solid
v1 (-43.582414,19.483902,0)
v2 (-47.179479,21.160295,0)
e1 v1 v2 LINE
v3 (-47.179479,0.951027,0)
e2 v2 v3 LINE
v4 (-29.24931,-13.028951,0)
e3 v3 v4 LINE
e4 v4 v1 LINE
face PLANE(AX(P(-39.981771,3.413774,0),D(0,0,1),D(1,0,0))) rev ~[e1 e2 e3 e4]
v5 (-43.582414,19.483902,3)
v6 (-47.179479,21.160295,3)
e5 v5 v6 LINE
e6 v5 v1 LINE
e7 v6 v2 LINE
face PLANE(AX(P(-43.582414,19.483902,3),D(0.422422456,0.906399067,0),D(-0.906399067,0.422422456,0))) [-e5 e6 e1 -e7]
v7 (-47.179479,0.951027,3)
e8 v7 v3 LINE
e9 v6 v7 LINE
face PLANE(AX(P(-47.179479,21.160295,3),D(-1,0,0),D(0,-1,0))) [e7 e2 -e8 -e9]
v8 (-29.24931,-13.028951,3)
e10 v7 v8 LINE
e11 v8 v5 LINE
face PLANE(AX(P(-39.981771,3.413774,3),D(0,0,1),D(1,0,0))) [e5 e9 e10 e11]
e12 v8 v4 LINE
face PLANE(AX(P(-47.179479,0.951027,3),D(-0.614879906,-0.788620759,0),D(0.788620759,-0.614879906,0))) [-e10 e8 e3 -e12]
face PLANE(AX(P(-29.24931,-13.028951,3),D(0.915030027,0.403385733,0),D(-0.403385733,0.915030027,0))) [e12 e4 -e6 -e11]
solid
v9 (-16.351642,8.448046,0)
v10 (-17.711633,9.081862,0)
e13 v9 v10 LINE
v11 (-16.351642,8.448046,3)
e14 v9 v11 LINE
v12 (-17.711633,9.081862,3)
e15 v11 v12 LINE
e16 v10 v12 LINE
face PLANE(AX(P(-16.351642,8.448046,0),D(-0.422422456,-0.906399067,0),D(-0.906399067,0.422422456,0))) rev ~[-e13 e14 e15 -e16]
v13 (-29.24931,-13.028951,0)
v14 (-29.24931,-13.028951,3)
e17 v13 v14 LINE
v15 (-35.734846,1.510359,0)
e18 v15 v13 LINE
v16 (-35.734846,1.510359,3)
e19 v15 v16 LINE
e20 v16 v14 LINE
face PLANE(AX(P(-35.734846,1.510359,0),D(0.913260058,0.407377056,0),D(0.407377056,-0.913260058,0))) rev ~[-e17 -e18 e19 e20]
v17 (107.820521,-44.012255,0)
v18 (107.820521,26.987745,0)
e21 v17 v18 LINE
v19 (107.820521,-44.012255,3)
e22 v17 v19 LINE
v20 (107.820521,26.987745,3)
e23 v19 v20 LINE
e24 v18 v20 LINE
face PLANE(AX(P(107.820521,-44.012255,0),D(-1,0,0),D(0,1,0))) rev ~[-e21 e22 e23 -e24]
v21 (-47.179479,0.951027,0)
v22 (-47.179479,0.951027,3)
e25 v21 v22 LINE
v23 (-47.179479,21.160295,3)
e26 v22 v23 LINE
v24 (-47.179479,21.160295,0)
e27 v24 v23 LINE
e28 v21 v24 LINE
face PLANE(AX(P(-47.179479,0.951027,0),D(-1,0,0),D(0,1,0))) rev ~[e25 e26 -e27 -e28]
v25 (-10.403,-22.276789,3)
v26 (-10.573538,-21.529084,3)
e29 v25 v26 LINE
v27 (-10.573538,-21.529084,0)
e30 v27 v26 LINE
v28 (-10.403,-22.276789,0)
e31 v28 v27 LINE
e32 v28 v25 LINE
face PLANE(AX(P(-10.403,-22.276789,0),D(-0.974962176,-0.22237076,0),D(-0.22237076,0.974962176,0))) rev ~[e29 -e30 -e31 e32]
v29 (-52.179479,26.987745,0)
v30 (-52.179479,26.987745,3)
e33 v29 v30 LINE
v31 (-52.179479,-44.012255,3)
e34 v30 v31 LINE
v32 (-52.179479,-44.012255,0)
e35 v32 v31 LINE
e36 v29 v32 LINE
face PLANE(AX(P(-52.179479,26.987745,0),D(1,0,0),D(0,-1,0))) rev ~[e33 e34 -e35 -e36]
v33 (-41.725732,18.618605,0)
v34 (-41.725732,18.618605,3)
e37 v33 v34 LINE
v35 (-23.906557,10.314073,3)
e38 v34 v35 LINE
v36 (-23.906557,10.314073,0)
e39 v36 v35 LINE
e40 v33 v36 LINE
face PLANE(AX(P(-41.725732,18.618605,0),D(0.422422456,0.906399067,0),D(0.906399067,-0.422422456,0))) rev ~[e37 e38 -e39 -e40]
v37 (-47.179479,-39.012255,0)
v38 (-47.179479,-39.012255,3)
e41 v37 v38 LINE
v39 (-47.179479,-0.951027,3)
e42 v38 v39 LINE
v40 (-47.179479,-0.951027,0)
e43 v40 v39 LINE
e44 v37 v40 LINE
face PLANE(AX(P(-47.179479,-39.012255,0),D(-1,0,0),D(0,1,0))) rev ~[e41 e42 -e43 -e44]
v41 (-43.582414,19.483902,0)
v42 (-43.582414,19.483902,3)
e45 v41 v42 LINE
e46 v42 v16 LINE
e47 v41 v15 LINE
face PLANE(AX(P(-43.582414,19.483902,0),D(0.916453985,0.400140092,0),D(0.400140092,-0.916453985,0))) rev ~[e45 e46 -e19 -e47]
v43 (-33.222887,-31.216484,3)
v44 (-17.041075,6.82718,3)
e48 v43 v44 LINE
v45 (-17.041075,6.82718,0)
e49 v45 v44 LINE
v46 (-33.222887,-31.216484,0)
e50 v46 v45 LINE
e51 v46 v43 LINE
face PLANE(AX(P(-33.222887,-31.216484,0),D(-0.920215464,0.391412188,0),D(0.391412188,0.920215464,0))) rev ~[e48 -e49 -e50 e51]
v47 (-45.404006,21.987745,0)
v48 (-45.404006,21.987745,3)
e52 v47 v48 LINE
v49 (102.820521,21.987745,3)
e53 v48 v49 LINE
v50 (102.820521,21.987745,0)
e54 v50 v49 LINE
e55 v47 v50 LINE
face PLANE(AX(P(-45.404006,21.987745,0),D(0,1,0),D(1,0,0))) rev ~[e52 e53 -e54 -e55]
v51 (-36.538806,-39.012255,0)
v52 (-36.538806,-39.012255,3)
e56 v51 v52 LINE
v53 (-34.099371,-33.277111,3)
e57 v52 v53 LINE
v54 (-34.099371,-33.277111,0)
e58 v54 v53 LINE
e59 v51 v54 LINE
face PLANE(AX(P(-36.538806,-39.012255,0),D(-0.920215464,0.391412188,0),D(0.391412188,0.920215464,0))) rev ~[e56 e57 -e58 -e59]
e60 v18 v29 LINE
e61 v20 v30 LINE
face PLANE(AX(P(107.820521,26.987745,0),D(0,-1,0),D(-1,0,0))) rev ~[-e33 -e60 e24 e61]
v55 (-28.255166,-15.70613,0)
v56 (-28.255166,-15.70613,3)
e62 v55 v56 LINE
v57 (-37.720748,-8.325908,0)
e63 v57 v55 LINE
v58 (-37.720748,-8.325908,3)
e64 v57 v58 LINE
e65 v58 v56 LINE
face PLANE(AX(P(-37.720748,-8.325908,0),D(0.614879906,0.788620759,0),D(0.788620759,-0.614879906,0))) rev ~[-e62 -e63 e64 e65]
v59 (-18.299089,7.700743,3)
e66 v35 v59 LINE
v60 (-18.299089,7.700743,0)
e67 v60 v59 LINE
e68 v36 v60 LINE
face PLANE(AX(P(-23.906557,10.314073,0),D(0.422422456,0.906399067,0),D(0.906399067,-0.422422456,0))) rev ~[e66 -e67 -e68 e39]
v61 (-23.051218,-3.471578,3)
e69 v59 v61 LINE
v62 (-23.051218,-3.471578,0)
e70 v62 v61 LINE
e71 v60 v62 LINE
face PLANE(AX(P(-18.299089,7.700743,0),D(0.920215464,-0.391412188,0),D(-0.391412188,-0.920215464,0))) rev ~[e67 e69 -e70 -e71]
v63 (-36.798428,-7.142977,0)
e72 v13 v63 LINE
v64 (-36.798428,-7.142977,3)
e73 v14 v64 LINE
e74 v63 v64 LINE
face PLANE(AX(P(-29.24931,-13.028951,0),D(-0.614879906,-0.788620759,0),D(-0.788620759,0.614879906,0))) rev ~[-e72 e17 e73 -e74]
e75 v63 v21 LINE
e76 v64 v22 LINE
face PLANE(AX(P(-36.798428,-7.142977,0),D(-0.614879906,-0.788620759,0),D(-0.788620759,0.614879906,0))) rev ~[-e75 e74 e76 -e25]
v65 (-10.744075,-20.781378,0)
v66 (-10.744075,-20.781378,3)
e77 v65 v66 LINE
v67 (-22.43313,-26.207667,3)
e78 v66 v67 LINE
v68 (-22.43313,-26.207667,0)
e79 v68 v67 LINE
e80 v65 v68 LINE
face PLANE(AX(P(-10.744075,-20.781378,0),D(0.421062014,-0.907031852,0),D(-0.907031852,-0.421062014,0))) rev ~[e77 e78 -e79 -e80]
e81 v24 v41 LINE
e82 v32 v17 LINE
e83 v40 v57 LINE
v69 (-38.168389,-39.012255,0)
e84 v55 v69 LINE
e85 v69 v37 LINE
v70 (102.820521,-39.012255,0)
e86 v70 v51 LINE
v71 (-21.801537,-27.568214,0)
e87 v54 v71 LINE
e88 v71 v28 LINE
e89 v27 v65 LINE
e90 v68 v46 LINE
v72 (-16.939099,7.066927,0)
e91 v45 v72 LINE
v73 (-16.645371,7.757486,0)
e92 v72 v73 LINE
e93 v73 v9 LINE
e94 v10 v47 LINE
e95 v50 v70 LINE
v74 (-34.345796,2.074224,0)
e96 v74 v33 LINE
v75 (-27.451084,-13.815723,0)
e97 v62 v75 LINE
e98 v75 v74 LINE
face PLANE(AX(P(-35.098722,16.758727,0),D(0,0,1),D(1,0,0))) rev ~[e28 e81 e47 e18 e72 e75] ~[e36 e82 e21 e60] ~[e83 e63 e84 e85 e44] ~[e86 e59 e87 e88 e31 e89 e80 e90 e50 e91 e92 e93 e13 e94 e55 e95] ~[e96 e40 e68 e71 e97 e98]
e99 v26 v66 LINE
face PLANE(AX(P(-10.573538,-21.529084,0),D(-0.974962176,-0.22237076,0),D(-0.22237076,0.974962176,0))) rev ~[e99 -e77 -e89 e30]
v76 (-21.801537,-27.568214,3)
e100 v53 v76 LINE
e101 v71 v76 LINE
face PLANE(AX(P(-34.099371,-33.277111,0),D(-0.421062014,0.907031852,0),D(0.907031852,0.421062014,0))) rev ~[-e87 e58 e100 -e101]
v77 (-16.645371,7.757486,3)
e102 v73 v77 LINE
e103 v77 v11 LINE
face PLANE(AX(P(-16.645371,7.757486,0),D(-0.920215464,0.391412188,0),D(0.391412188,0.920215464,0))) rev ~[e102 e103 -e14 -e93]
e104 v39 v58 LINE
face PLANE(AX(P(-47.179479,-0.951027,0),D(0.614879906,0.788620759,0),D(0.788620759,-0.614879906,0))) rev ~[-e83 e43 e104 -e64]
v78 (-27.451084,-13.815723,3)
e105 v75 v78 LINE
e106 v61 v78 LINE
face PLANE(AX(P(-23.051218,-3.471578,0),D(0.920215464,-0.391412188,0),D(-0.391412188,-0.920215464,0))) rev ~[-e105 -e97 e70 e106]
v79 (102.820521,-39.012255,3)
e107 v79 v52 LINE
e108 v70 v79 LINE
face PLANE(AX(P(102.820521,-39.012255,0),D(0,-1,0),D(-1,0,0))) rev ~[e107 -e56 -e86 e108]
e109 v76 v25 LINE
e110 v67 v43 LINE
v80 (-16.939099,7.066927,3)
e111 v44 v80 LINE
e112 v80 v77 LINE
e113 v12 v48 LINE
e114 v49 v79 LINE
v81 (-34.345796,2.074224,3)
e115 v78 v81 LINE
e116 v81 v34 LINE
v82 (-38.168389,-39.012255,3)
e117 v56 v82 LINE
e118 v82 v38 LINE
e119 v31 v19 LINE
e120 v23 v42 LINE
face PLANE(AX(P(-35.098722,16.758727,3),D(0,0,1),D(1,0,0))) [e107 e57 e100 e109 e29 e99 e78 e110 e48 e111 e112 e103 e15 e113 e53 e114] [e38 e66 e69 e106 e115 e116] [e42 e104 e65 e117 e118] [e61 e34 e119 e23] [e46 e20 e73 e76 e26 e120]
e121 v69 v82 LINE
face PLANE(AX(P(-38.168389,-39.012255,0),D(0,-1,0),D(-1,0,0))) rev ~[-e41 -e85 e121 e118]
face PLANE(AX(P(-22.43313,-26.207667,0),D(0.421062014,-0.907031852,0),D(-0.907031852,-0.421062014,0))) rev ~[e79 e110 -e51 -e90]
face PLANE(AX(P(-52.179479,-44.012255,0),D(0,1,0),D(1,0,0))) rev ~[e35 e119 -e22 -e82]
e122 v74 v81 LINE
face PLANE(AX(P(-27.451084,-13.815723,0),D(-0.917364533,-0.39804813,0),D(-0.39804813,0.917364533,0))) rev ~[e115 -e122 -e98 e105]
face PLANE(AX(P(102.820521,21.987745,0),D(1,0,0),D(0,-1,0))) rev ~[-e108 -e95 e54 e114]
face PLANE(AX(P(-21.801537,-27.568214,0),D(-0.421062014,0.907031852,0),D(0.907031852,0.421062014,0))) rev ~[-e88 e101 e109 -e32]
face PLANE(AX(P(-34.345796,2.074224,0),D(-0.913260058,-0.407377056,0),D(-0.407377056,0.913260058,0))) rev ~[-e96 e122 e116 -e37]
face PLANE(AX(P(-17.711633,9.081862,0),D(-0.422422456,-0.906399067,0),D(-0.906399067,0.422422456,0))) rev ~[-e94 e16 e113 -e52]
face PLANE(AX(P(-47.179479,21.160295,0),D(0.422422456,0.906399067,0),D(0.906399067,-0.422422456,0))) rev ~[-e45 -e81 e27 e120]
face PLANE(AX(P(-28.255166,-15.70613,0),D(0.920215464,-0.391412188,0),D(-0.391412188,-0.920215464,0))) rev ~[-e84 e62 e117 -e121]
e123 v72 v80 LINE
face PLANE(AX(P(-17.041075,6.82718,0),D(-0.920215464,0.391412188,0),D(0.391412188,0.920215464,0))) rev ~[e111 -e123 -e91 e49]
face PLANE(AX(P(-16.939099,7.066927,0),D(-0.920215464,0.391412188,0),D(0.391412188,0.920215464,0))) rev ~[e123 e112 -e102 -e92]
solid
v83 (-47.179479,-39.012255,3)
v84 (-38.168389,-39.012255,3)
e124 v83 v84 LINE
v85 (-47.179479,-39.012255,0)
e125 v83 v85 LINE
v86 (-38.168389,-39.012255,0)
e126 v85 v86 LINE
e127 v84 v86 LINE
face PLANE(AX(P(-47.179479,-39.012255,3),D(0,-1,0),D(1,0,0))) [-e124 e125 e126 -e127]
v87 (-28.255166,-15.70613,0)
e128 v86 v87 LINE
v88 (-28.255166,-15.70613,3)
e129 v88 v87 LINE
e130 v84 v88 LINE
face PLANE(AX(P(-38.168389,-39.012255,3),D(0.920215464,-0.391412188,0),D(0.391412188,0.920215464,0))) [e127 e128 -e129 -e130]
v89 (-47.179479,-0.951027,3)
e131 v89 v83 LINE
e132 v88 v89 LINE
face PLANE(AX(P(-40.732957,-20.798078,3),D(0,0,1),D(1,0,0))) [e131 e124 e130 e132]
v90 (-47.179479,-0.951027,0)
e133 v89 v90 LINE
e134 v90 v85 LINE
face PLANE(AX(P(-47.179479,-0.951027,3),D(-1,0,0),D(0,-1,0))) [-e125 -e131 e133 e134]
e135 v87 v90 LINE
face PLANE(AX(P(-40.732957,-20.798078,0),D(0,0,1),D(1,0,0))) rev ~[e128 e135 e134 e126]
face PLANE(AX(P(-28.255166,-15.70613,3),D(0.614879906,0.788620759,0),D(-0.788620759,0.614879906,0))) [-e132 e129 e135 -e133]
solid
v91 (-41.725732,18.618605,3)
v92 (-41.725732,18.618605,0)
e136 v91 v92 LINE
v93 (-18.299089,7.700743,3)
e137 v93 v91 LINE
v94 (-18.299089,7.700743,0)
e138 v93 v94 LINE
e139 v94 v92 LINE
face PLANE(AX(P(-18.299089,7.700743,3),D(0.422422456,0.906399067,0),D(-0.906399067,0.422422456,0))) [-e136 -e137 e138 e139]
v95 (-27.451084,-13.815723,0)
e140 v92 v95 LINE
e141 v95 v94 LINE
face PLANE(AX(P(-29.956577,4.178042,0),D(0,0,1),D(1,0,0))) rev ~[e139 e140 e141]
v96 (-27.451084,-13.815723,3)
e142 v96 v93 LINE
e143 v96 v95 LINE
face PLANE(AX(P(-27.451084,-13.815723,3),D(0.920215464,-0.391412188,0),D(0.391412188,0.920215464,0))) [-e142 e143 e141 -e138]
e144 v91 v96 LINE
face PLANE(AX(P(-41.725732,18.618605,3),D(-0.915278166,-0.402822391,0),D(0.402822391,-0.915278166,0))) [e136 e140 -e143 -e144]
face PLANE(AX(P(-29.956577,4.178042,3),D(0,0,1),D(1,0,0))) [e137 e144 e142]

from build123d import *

# Parameters (mm, degrees)
F0_W     = 5
F0_H     = 5
F1_DEPTH = 3
F3_DEPTH = 3


with BuildPart() as f1:
    # F0 (on Top) → F1 (new body)
    with BuildSketch(Plane.XY):
        Polygon((-45.4040056488, 21.9877450019), (-47.1794794431, 21.9877450019), (-23.5897397215, 10.993872501), (-23.2729228799, 11.6736718014), align=None)
        Polygon((-23.5897397215, 10.993872501), (-47.1794794431, 21.9877450019), (-47.1794794431, 21.1602949006), (-43.5824141612, 19.4839017927), (-42.7601054315, 19.1006691908), (-41.7257321146, 18.618605018), (-23.9065565632, 10.3140732006), align=None)
        Polygon((-41.7257321146, 18.618605018), (-42.7601054315, 19.1006691908), (-35.0499012319, 1.8158922844), (-34.345795602, 2.0742239744), align=None)
        Polygon((-42.7601054315, 19.1006691908), (-43.5824141612, 19.4839017927), (-35.7348462755, 1.5103594921), (-35.0499012319, 1.8158922844), align=None)
        Polygon((-23.2729228799, 11.6736718014), (-23.5897397215, 10.993872501), (-18.0053610902, 8.3913025958), (-17.7116326841, 9.0818621386), align=None)
        Polygon((-18.0053610902, 8.3913025958), (-23.5897397215, 10.993872501), (-23.9065565632, 10.3140732006), (-18.2990894963, 7.700743053), align=None)
        Polygon((-17.7116326841, 9.0818621386), (-18.0053610902, 8.3913025958), (-17.3255617898, 8.0744857541), (-16.6453705191, 7.7574862368), (-16.351642113, 8.4480457795), align=None)
        Polygon((-17.3255617898, 8.0744857541), (-18.0053610902, 8.3913025958), (-18.2990894963, 7.700743053), (-17.6192901959, 7.3839262113), align=None)
        Polygon((-16.6453705191, 7.7574862368), (-17.3255617898, 8.0744857541), (-17.1143889358, 7.1486196694), (-16.9390989252, 7.066926694), align=None)
        Polygon((-17.1143889358, 7.1486196694), (-17.3255617898, 8.0744857541), (-17.6192901959, 7.3839262113), align=None)
        Polygon((-17.0410746172, 6.8271804325), (-17.1143889358, 7.1486196694), (-17.6192901959, 7.3839262113), (-22.3714190216, -3.7883943447), (-21.681257424, -4.0819534855), align=None)
        Polygon((-17.6192901959, 7.3839262113), (-18.2990894963, 7.700743053), (-23.051218322, -3.471577503), (-22.3714190216, -3.7883943447), align=None)
        Polygon((-16.9390989252, 7.066926694), (-17.1143889358, 7.1486196694), (-17.0410746172, 6.8271804325), align=None)
        Polygon((-27.3396970322, -15.468884622), (-37.3538322747, -39.0122549981), (-36.5388057622, -39.0122549981), (-34.0993712739, -33.2771107969), (-33.6611290686, -32.2467973145), (-33.2228868633, -31.2164838322), (-21.681257424, -4.0819534855), (-22.3714190216, -3.7883943447), (-27.0359227228, -14.7547070217), align=None)
        Polygon((-22.3714190216, -3.7883943447), (-23.051218322, -3.471577503), (-27.4510842105, -13.8157230242), (-27.6476172037, -14.2777748078), (-27.0359227228, -14.7547070217), align=None)
        Polygon((-34.345795602, 2.0742239744), (-35.0499012319, 1.8158922844), (-27.9901434053, -14.010710473), (-27.6476172037, -14.2777748078), (-27.4510842105, -13.8157230242), align=None)
        Polygon((-35.0499012319, 1.8158922844), (-35.7348462755, 1.5103594921), (-29.2493098322, -13.0289507049), (-27.9901434053, -14.010710473), align=None)
        Polygon((-36.7984283085, -7.1429767416), (-47.1794794431, 0.9510274632), (-47.1794794431, 0), (-37.2595882377, -7.734442311), align=None)
        Polygon((-47.1794794431, 0), (-47.1794794431, -0.9510274632), (-37.7207481668, -8.3259078804), (-37.2595882377, -7.734442311), align=None)
        Polygon((-29.2493098322, -13.0289507049), (-36.7984283085, -7.1429767416), (-37.2595882377, -7.734442311), (-27.9513915131, -14.9919524081), (-27.7566597577, -14.5341353596), (-27.9901434053, -14.010710473), align=None)
        Polygon((-37.2595882377, -7.734442311), (-37.7207481668, -8.3259078804), (-28.2551658225, -15.7061300084), (-27.9513915131, -14.9919524081), align=None)
        Polygon((-33.6611290686, -32.2467973145), (-34.0993712739, -33.2771107969), (-21.8015368152, -27.568214313), (-22.1173333259, -26.8879404242), align=None)
        Polygon((-33.2228868633, -31.2164838322), (-33.6611290686, -32.2467973145), (-22.1173333259, -26.8879404242), (-22.4331298367, -26.2076665354), align=None)
        Polygon((-10.5735375832, -21.5290835338), (-10.7440753935, -20.781377701), (-22.4331298367, -26.2076665354), (-22.1173333259, -26.8879404242), align=None)
        Polygon((-22.1173333259, -26.8879404242), (-21.8015368152, -27.568214313), (-10.402999773, -22.2767893666), (-10.5735375832, -21.5290835338), align=None)
        Polygon((-27.7566597577, -14.5341353596), (-27.3396970322, -15.468884622), (-27.0359227228, -14.7547070217), (-27.6476172037, -14.2777748078), align=None)
        Polygon((-27.9513915131, -14.9919524081), (-27.3396970322, -15.468884622), (-27.7566597577, -14.5341353596), align=None)
        Polygon((-28.2551658225, -15.7061300084), (-38.1683891161, -39.0122549981), (-37.3538322747, -39.0122549981), (-27.3396970322, -15.468884622), (-27.9513915131, -14.9919524081), align=None)
        Polygon((-27.9901434053, -14.010710473), (-27.7566597577, -14.5341353596), (-27.6476172037, -14.2777748078), align=None)
        Polygon((-38.1683891161, -39.0122549981), (-47.1794794431, -39.0122549981), (-47.1794794431, -44.0122549981), (27.8205205569, -44.0122549981), (102.8205205569, -44.0122549981), (102.8205205569, -39.0122549981), (96.8116257564, -39.0122549981), (64.2124563456, -39.0122549981), (42.8673438728, -39.0122549981), (-8.5564870387, -39.0122549981), (-36.5388057622, -39.0122549981), (-37.3538322747, -39.0122549981), align=None)
        with Locations((-49.6794794431, 24.4877450019)):
            Rectangle(F0_W, F0_H)
        Polygon((-47.1794794431, 21.9877450019), (-52.1794794431, 21.9877450019), (-52.1794794431, -39.0122549981), (-47.1794794431, -39.0122549981), (-47.1794794431, -0.9510274632), (-47.1794794431, 0), (-47.1794794431, 0.9510274632), (-47.1794794431, 21.1602949006), align=None)
        with Locations((-49.6794794431, -41.5122549981)):
            Rectangle(F0_W, F0_H)
        Polygon((102.8205205569, 26.9877450019), (-47.1794794431, 26.9877450019), (-47.1794794431, 21.9877450019), (-45.4040056488, 21.9877450019), (-2.1254387614, 21.9877450019), (0, 21.9877450019), (11.2784197554, 21.9877450019), (31.8888692592, 21.9877450019), (63.347607851, 21.9877450019), (95.1727256179, 21.9877450019), (102.8205205569, 21.9877450019), align=None)
        with Locations((105.3205205569, 24.4877450019)):
            Rectangle(F0_W, F0_H)
        Polygon((107.8205205569, -39.0122549981), (107.8205205569, 21.9877450019), (102.8205205569, 21.9877450019), (102.8205205569, -20.5286494456), (102.8205205569, -28.1625539064), (102.8205205569, -39.0122549981), align=None)
        with Locations((105.3205205569, -41.5122549981)):
            Rectangle(F0_W, F0_H)
    extrude(amount=F1_DEPTH)


with BuildPart() as f3:
    # F2 (on face) → F3 (new body)
    with BuildSketch(Plane.XY.offset(3)):
        Polygon((-18.2990894963, 7.700743053), (-41.7257321146, 18.618605018), (-27.4510842105, -13.8157230242), align=None)
    extrude(amount=-F3_DEPTH)


with BuildPart() as f3b:
    # F2 (on face) → F3, piece 2 (new body)
    with BuildSketch(Plane.XY.offset(3)):
        Polygon((-29.2493098322, -13.0289507049), (-43.5824141612, 19.4839017927), (-47.1794794431, 21.1602949006), (-47.1794794431, 0.9510274632), align=None)
    extrude(amount=-F3_DEPTH)


with BuildPart() as f3c:
    # F2 (on face) → F3, piece 3 (new body)
    with BuildSketch(Plane.XY.offset(3)):
        Polygon((-38.1683891161, -39.0122549981), (-28.2551658225, -15.7061300084), (-47.1794794431, -0.9510274632), (-47.1794794431, -39.0122549981), align=None)
    extrude(amount=-F3_DEPTH)


solid = Compound([f1.part, f3.part, f3b.part, f3c.part])
